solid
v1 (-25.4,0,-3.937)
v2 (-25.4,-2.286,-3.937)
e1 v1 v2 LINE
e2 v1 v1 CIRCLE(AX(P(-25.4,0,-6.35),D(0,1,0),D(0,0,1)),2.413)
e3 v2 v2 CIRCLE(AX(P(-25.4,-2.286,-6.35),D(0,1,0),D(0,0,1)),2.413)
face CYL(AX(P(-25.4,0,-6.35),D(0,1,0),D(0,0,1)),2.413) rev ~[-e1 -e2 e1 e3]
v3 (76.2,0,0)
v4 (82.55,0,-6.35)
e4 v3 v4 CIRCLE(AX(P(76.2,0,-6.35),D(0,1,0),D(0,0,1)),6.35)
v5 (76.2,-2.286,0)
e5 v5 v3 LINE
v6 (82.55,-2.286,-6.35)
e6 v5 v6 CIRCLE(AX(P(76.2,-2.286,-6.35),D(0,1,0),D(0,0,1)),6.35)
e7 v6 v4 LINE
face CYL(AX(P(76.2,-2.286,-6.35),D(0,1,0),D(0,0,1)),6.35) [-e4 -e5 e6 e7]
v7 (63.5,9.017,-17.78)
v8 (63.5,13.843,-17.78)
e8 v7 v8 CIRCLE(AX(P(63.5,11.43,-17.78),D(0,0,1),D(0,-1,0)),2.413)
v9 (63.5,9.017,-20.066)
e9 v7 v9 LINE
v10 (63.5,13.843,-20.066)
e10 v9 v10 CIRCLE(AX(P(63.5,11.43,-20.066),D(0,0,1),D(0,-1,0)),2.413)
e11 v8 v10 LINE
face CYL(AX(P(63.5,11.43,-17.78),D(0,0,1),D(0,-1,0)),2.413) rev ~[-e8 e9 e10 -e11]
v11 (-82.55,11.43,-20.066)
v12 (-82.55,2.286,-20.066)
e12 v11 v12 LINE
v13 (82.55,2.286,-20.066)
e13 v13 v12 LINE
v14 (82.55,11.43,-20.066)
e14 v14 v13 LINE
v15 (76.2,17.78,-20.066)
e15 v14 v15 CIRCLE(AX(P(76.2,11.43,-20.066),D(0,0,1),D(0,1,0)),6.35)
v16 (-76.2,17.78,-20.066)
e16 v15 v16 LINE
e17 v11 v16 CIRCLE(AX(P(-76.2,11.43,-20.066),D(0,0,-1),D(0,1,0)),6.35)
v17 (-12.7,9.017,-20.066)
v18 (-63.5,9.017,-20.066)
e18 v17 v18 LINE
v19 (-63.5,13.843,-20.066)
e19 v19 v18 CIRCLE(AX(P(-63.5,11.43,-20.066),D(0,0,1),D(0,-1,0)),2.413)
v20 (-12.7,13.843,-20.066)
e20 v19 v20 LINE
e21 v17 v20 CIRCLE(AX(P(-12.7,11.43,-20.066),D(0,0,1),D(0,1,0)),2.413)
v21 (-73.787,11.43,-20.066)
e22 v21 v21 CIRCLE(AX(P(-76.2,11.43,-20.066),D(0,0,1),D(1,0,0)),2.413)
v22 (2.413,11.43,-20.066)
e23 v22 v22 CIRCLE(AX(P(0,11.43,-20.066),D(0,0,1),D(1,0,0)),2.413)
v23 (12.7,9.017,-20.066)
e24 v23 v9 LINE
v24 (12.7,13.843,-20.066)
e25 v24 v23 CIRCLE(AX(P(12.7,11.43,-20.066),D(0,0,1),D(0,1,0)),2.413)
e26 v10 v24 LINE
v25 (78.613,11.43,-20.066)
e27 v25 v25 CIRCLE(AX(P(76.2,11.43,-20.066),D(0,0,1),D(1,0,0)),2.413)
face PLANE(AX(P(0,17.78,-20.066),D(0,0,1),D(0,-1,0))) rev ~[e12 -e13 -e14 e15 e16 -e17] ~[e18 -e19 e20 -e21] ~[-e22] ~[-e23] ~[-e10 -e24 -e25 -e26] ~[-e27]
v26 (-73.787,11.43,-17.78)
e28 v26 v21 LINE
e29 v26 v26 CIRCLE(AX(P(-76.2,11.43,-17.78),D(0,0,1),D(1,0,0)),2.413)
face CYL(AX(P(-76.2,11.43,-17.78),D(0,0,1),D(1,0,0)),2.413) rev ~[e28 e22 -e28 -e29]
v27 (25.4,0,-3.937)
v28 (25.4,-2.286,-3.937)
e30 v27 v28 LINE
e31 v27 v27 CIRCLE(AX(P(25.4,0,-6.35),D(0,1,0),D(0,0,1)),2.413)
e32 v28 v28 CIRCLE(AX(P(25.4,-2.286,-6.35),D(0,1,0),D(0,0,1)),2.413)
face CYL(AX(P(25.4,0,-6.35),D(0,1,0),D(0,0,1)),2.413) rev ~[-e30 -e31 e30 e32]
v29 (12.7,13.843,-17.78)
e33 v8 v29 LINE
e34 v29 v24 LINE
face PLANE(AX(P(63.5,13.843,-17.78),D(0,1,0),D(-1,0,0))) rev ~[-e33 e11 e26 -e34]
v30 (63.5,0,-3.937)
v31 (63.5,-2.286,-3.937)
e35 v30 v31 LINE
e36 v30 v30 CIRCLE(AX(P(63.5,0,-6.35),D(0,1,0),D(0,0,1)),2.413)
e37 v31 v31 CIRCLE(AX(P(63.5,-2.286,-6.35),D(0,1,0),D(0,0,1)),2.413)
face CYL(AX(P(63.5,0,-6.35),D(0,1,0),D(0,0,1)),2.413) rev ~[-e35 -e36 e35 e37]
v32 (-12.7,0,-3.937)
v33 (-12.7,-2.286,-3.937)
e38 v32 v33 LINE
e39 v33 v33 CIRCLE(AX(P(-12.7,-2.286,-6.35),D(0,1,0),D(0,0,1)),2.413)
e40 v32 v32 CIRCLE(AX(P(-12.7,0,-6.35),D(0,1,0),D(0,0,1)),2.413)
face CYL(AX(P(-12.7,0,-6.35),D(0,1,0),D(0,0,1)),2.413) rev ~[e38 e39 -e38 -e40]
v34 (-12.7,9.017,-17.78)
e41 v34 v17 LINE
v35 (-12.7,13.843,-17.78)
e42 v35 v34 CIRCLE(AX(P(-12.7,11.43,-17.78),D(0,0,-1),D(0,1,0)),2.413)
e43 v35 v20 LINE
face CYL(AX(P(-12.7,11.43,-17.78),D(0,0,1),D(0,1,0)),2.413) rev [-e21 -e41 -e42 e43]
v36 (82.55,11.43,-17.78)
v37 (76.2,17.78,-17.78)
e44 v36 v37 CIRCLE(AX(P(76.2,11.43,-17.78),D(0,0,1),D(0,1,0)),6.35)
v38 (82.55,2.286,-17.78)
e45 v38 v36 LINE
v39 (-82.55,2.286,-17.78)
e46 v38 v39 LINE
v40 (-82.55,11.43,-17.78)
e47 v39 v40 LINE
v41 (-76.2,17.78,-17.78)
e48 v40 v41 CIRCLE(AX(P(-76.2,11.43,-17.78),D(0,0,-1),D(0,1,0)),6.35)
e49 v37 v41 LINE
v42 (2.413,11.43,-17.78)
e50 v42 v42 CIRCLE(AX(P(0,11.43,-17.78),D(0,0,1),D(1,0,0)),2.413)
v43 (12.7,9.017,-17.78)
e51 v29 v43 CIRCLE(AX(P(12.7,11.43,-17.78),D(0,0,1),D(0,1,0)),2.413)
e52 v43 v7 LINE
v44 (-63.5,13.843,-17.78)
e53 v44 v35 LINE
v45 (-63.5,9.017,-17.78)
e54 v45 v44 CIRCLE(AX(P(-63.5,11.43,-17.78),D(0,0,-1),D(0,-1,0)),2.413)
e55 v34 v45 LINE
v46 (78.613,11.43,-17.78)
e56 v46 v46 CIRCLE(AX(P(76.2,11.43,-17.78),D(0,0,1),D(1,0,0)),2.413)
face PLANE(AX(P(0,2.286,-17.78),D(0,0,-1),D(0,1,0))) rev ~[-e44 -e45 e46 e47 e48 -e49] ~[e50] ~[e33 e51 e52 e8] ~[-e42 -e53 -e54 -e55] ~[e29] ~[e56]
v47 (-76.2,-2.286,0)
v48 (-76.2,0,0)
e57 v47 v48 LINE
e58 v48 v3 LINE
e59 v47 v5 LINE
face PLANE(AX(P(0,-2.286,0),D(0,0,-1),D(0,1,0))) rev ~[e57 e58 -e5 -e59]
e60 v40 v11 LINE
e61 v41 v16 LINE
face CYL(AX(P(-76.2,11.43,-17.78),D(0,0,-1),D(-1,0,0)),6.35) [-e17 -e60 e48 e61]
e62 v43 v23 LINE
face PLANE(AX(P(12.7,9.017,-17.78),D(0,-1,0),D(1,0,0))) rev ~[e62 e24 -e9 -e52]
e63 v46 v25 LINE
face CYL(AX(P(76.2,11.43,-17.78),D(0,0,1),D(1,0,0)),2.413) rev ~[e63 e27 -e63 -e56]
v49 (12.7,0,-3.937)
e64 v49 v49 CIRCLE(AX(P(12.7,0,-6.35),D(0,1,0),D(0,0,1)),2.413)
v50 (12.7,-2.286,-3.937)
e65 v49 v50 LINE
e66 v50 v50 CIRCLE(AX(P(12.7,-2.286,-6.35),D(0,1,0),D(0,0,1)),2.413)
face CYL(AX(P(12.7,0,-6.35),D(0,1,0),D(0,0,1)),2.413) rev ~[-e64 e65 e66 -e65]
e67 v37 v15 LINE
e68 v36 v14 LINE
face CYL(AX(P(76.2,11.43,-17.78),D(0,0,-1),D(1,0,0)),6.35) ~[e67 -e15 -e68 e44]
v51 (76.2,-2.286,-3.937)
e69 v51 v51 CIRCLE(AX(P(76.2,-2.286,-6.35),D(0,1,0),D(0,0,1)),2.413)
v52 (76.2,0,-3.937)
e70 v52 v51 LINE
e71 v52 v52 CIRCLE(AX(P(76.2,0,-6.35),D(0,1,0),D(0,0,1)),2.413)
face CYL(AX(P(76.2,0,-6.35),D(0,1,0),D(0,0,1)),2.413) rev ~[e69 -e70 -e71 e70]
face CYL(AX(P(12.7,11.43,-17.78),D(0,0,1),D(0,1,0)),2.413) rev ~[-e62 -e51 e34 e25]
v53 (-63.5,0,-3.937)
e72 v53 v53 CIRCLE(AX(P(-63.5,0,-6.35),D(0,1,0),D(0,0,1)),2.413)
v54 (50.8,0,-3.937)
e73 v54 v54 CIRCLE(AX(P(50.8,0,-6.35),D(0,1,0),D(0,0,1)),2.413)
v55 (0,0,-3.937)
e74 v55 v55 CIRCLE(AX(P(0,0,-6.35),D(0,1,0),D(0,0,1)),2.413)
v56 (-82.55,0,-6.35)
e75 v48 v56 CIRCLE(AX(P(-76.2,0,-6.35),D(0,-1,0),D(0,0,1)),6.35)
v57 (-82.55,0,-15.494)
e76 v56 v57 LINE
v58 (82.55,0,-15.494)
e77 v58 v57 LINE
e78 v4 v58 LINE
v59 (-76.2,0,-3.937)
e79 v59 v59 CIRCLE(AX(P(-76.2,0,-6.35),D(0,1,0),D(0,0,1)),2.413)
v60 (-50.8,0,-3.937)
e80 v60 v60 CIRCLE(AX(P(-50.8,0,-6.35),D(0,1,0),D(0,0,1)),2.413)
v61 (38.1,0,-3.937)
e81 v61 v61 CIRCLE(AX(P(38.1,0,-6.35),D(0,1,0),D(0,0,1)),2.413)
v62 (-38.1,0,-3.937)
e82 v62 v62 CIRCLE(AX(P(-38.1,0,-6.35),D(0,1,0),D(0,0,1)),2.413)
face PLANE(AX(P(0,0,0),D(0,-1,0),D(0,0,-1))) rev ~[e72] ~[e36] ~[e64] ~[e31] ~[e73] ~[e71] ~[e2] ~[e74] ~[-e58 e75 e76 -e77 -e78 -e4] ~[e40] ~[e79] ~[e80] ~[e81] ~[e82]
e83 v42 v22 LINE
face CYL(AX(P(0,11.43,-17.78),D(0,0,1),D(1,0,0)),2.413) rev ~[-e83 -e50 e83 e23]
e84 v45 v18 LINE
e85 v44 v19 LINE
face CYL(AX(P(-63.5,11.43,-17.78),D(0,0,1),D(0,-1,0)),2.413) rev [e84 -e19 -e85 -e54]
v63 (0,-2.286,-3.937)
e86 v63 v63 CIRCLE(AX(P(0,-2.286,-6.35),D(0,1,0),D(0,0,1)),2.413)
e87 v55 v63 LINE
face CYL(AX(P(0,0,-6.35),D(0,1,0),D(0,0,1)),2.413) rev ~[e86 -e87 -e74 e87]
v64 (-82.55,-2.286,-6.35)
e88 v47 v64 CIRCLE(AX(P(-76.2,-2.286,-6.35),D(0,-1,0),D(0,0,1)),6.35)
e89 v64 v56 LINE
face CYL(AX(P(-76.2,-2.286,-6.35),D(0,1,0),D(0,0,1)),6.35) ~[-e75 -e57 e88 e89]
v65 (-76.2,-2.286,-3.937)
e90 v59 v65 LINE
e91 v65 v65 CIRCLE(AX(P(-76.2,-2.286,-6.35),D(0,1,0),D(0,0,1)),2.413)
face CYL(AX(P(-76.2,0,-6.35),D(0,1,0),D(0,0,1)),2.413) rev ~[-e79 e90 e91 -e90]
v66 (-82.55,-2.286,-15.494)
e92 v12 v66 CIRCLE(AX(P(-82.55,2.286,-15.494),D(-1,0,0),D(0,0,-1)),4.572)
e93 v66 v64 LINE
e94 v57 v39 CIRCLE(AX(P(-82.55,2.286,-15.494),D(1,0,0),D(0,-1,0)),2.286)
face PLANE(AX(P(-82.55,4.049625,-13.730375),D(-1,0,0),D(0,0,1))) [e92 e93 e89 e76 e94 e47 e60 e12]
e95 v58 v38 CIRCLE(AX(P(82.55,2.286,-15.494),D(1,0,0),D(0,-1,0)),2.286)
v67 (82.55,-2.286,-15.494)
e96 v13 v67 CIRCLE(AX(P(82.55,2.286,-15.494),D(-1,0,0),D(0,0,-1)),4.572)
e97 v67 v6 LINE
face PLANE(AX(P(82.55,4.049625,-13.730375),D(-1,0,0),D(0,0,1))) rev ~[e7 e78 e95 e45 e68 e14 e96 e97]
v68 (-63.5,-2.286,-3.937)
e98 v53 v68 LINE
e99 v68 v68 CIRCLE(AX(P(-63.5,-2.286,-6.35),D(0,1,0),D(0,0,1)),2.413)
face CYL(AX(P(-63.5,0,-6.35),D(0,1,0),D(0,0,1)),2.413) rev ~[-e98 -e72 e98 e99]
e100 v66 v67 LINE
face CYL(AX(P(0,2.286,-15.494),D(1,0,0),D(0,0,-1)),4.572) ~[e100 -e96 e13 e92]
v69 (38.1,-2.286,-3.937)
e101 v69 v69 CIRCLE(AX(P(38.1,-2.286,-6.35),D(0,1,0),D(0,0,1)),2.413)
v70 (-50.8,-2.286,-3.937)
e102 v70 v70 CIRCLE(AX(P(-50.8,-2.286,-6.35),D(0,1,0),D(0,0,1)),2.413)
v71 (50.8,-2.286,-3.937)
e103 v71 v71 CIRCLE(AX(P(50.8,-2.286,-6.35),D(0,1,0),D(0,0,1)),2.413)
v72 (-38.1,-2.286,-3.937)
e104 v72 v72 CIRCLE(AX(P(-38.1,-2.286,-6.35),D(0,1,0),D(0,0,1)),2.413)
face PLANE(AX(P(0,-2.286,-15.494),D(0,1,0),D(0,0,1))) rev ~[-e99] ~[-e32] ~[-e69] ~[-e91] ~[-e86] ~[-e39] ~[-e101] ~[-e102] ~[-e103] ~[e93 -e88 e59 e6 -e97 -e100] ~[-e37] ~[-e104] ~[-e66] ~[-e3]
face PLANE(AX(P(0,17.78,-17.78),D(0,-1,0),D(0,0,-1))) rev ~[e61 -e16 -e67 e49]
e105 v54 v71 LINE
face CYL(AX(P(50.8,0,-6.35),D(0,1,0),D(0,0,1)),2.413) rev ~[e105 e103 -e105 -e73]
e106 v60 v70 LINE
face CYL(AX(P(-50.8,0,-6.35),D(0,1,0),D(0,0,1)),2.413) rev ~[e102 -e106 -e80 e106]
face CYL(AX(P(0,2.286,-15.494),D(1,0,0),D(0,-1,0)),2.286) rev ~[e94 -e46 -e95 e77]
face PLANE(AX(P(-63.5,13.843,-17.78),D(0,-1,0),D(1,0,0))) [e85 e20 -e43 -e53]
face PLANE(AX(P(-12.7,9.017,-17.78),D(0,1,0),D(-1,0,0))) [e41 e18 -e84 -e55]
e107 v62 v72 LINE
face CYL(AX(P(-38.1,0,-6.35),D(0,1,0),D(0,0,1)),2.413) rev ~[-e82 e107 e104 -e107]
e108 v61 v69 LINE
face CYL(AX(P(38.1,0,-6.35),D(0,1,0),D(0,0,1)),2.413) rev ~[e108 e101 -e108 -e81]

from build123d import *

# Parameters (mm, degrees)
EXTRUDE_THIN1_DEPTH = 82.55
SKETCH2_R           = 2.413
EXTRUDE2_DEPTH      = 87.794442541
LPATTERN1_COUNT     = 13
LPATTERN1_PITCH     = 12.7
FILLET1_R           = 6.35
SKETCH3_R           = 2.413
EXTRUDE3_DEPTH      = 87.294607595
LPATTERN2_COUNT     = 13
LPATTERN2_PITCH     = 76.2
EXTRUDE4_DEPTH      = 87.294607595


with BuildPart() as part:
    # Sketch1 → Extrude-Thin1 (new, symmetric)
    with BuildSketch(Plane(origin=(0, 0, 0), x_dir=(0, 0, -1), z_dir=(1, 0, 0))):
        with BuildLine():
            Line((0, 0), (15.494, 0))
            ThreePointArc((15.494, 0), (17.110446102, 0.669553898), (17.78, 2.286))
            Line((17.78, 2.286), (17.78, 17.78))
            Line((17.78, 17.78), (20.066, 17.78))
            Line((20.066, 17.78), (20.066, 2.286))
            ThreePointArc((20.066, 2.286), (18.726892204, -0.946892204), (15.494, -2.286))
            Line((15.494, -2.286), (0, -2.286))
            Line((0, -2.286), (0, 0))
        make_face()
    extrude(amount=EXTRUDE_THIN1_DEPTH, both=True)

    # Sketch2 → Extrude2 (cut, through all)
    with BuildSketch(Plane(origin=(0, 0, 0), x_dir=(-1, 0, 0), z_dir=(0, 1, 0))):
        with Locations(Location((76.2, -6.35, 0), (0, 0, 90))):
            Circle(SKETCH2_R)
    extrude2 = extrude(amount=-EXTRUDE2_DEPTH, mode=Mode.SUBTRACT)

    # LPattern1: Extrude2 ×13
    with Locations(*[(i * LPATTERN1_PITCH, 0, 0) for i in range(1, LPATTERN1_COUNT)]):
        add(extrude2, mode=Mode.SUBTRACT)

    # Fillet1
    fillet1_edges = [part.edges().sort_by_distance(p)[0] for p in [
        (82.55, -1.143, 0),
        (-82.55, -1.143, 0),
        (82.55, 17.78, -18.923),
        (-82.55, 17.78, -18.923),
    ]]
    fillet(fillet1_edges, radius=FILLET1_R)

    # Sketch3 → Extrude3 (cut, through all)
    with BuildSketch(Plane.XY.offset(-17.78)):
        with Locations((-76.2, 11.43)):
            Circle(SKETCH3_R)
    extrude3 = extrude(amount=-EXTRUDE3_DEPTH, mode=Mode.SUBTRACT)

    # LPattern2: Extrude3 ×13
    with Locations(*[(i * LPATTERN2_PITCH, 0, 0) for i in range(1, LPATTERN2_COUNT)]):
        add(extrude3, mode=Mode.SUBTRACT)

    # Sketch4 → Extrude4 (cut, through all)
    with BuildSketch(Plane.XY.offset(-17.78)):
        with BuildLine():
            Line((-63.5, 13.843), (-12.7, 13.843))
            ThreePointArc((-12.7, 13.843), (-10.287, 11.43), (-12.7, 9.017))
            Line((-12.7, 9.017), (-63.5, 9.017))
            ThreePointArc((-63.5, 9.017), (-65.913, 11.43), (-63.5, 13.843))
        make_face()
        with BuildLine():
            Line((63.5, 13.843), (12.7, 13.843))
            ThreePointArc((12.7, 13.843), (10.287, 11.43), (12.7, 9.017))
            Line((12.7, 9.017), (63.5, 9.017))
            ThreePointArc((63.5, 9.017), (65.913, 11.43), (63.5, 13.843))
        make_face()
    extrude(amount=-EXTRUDE4_DEPTH, mode=Mode.SUBTRACT)


solid = part.part
